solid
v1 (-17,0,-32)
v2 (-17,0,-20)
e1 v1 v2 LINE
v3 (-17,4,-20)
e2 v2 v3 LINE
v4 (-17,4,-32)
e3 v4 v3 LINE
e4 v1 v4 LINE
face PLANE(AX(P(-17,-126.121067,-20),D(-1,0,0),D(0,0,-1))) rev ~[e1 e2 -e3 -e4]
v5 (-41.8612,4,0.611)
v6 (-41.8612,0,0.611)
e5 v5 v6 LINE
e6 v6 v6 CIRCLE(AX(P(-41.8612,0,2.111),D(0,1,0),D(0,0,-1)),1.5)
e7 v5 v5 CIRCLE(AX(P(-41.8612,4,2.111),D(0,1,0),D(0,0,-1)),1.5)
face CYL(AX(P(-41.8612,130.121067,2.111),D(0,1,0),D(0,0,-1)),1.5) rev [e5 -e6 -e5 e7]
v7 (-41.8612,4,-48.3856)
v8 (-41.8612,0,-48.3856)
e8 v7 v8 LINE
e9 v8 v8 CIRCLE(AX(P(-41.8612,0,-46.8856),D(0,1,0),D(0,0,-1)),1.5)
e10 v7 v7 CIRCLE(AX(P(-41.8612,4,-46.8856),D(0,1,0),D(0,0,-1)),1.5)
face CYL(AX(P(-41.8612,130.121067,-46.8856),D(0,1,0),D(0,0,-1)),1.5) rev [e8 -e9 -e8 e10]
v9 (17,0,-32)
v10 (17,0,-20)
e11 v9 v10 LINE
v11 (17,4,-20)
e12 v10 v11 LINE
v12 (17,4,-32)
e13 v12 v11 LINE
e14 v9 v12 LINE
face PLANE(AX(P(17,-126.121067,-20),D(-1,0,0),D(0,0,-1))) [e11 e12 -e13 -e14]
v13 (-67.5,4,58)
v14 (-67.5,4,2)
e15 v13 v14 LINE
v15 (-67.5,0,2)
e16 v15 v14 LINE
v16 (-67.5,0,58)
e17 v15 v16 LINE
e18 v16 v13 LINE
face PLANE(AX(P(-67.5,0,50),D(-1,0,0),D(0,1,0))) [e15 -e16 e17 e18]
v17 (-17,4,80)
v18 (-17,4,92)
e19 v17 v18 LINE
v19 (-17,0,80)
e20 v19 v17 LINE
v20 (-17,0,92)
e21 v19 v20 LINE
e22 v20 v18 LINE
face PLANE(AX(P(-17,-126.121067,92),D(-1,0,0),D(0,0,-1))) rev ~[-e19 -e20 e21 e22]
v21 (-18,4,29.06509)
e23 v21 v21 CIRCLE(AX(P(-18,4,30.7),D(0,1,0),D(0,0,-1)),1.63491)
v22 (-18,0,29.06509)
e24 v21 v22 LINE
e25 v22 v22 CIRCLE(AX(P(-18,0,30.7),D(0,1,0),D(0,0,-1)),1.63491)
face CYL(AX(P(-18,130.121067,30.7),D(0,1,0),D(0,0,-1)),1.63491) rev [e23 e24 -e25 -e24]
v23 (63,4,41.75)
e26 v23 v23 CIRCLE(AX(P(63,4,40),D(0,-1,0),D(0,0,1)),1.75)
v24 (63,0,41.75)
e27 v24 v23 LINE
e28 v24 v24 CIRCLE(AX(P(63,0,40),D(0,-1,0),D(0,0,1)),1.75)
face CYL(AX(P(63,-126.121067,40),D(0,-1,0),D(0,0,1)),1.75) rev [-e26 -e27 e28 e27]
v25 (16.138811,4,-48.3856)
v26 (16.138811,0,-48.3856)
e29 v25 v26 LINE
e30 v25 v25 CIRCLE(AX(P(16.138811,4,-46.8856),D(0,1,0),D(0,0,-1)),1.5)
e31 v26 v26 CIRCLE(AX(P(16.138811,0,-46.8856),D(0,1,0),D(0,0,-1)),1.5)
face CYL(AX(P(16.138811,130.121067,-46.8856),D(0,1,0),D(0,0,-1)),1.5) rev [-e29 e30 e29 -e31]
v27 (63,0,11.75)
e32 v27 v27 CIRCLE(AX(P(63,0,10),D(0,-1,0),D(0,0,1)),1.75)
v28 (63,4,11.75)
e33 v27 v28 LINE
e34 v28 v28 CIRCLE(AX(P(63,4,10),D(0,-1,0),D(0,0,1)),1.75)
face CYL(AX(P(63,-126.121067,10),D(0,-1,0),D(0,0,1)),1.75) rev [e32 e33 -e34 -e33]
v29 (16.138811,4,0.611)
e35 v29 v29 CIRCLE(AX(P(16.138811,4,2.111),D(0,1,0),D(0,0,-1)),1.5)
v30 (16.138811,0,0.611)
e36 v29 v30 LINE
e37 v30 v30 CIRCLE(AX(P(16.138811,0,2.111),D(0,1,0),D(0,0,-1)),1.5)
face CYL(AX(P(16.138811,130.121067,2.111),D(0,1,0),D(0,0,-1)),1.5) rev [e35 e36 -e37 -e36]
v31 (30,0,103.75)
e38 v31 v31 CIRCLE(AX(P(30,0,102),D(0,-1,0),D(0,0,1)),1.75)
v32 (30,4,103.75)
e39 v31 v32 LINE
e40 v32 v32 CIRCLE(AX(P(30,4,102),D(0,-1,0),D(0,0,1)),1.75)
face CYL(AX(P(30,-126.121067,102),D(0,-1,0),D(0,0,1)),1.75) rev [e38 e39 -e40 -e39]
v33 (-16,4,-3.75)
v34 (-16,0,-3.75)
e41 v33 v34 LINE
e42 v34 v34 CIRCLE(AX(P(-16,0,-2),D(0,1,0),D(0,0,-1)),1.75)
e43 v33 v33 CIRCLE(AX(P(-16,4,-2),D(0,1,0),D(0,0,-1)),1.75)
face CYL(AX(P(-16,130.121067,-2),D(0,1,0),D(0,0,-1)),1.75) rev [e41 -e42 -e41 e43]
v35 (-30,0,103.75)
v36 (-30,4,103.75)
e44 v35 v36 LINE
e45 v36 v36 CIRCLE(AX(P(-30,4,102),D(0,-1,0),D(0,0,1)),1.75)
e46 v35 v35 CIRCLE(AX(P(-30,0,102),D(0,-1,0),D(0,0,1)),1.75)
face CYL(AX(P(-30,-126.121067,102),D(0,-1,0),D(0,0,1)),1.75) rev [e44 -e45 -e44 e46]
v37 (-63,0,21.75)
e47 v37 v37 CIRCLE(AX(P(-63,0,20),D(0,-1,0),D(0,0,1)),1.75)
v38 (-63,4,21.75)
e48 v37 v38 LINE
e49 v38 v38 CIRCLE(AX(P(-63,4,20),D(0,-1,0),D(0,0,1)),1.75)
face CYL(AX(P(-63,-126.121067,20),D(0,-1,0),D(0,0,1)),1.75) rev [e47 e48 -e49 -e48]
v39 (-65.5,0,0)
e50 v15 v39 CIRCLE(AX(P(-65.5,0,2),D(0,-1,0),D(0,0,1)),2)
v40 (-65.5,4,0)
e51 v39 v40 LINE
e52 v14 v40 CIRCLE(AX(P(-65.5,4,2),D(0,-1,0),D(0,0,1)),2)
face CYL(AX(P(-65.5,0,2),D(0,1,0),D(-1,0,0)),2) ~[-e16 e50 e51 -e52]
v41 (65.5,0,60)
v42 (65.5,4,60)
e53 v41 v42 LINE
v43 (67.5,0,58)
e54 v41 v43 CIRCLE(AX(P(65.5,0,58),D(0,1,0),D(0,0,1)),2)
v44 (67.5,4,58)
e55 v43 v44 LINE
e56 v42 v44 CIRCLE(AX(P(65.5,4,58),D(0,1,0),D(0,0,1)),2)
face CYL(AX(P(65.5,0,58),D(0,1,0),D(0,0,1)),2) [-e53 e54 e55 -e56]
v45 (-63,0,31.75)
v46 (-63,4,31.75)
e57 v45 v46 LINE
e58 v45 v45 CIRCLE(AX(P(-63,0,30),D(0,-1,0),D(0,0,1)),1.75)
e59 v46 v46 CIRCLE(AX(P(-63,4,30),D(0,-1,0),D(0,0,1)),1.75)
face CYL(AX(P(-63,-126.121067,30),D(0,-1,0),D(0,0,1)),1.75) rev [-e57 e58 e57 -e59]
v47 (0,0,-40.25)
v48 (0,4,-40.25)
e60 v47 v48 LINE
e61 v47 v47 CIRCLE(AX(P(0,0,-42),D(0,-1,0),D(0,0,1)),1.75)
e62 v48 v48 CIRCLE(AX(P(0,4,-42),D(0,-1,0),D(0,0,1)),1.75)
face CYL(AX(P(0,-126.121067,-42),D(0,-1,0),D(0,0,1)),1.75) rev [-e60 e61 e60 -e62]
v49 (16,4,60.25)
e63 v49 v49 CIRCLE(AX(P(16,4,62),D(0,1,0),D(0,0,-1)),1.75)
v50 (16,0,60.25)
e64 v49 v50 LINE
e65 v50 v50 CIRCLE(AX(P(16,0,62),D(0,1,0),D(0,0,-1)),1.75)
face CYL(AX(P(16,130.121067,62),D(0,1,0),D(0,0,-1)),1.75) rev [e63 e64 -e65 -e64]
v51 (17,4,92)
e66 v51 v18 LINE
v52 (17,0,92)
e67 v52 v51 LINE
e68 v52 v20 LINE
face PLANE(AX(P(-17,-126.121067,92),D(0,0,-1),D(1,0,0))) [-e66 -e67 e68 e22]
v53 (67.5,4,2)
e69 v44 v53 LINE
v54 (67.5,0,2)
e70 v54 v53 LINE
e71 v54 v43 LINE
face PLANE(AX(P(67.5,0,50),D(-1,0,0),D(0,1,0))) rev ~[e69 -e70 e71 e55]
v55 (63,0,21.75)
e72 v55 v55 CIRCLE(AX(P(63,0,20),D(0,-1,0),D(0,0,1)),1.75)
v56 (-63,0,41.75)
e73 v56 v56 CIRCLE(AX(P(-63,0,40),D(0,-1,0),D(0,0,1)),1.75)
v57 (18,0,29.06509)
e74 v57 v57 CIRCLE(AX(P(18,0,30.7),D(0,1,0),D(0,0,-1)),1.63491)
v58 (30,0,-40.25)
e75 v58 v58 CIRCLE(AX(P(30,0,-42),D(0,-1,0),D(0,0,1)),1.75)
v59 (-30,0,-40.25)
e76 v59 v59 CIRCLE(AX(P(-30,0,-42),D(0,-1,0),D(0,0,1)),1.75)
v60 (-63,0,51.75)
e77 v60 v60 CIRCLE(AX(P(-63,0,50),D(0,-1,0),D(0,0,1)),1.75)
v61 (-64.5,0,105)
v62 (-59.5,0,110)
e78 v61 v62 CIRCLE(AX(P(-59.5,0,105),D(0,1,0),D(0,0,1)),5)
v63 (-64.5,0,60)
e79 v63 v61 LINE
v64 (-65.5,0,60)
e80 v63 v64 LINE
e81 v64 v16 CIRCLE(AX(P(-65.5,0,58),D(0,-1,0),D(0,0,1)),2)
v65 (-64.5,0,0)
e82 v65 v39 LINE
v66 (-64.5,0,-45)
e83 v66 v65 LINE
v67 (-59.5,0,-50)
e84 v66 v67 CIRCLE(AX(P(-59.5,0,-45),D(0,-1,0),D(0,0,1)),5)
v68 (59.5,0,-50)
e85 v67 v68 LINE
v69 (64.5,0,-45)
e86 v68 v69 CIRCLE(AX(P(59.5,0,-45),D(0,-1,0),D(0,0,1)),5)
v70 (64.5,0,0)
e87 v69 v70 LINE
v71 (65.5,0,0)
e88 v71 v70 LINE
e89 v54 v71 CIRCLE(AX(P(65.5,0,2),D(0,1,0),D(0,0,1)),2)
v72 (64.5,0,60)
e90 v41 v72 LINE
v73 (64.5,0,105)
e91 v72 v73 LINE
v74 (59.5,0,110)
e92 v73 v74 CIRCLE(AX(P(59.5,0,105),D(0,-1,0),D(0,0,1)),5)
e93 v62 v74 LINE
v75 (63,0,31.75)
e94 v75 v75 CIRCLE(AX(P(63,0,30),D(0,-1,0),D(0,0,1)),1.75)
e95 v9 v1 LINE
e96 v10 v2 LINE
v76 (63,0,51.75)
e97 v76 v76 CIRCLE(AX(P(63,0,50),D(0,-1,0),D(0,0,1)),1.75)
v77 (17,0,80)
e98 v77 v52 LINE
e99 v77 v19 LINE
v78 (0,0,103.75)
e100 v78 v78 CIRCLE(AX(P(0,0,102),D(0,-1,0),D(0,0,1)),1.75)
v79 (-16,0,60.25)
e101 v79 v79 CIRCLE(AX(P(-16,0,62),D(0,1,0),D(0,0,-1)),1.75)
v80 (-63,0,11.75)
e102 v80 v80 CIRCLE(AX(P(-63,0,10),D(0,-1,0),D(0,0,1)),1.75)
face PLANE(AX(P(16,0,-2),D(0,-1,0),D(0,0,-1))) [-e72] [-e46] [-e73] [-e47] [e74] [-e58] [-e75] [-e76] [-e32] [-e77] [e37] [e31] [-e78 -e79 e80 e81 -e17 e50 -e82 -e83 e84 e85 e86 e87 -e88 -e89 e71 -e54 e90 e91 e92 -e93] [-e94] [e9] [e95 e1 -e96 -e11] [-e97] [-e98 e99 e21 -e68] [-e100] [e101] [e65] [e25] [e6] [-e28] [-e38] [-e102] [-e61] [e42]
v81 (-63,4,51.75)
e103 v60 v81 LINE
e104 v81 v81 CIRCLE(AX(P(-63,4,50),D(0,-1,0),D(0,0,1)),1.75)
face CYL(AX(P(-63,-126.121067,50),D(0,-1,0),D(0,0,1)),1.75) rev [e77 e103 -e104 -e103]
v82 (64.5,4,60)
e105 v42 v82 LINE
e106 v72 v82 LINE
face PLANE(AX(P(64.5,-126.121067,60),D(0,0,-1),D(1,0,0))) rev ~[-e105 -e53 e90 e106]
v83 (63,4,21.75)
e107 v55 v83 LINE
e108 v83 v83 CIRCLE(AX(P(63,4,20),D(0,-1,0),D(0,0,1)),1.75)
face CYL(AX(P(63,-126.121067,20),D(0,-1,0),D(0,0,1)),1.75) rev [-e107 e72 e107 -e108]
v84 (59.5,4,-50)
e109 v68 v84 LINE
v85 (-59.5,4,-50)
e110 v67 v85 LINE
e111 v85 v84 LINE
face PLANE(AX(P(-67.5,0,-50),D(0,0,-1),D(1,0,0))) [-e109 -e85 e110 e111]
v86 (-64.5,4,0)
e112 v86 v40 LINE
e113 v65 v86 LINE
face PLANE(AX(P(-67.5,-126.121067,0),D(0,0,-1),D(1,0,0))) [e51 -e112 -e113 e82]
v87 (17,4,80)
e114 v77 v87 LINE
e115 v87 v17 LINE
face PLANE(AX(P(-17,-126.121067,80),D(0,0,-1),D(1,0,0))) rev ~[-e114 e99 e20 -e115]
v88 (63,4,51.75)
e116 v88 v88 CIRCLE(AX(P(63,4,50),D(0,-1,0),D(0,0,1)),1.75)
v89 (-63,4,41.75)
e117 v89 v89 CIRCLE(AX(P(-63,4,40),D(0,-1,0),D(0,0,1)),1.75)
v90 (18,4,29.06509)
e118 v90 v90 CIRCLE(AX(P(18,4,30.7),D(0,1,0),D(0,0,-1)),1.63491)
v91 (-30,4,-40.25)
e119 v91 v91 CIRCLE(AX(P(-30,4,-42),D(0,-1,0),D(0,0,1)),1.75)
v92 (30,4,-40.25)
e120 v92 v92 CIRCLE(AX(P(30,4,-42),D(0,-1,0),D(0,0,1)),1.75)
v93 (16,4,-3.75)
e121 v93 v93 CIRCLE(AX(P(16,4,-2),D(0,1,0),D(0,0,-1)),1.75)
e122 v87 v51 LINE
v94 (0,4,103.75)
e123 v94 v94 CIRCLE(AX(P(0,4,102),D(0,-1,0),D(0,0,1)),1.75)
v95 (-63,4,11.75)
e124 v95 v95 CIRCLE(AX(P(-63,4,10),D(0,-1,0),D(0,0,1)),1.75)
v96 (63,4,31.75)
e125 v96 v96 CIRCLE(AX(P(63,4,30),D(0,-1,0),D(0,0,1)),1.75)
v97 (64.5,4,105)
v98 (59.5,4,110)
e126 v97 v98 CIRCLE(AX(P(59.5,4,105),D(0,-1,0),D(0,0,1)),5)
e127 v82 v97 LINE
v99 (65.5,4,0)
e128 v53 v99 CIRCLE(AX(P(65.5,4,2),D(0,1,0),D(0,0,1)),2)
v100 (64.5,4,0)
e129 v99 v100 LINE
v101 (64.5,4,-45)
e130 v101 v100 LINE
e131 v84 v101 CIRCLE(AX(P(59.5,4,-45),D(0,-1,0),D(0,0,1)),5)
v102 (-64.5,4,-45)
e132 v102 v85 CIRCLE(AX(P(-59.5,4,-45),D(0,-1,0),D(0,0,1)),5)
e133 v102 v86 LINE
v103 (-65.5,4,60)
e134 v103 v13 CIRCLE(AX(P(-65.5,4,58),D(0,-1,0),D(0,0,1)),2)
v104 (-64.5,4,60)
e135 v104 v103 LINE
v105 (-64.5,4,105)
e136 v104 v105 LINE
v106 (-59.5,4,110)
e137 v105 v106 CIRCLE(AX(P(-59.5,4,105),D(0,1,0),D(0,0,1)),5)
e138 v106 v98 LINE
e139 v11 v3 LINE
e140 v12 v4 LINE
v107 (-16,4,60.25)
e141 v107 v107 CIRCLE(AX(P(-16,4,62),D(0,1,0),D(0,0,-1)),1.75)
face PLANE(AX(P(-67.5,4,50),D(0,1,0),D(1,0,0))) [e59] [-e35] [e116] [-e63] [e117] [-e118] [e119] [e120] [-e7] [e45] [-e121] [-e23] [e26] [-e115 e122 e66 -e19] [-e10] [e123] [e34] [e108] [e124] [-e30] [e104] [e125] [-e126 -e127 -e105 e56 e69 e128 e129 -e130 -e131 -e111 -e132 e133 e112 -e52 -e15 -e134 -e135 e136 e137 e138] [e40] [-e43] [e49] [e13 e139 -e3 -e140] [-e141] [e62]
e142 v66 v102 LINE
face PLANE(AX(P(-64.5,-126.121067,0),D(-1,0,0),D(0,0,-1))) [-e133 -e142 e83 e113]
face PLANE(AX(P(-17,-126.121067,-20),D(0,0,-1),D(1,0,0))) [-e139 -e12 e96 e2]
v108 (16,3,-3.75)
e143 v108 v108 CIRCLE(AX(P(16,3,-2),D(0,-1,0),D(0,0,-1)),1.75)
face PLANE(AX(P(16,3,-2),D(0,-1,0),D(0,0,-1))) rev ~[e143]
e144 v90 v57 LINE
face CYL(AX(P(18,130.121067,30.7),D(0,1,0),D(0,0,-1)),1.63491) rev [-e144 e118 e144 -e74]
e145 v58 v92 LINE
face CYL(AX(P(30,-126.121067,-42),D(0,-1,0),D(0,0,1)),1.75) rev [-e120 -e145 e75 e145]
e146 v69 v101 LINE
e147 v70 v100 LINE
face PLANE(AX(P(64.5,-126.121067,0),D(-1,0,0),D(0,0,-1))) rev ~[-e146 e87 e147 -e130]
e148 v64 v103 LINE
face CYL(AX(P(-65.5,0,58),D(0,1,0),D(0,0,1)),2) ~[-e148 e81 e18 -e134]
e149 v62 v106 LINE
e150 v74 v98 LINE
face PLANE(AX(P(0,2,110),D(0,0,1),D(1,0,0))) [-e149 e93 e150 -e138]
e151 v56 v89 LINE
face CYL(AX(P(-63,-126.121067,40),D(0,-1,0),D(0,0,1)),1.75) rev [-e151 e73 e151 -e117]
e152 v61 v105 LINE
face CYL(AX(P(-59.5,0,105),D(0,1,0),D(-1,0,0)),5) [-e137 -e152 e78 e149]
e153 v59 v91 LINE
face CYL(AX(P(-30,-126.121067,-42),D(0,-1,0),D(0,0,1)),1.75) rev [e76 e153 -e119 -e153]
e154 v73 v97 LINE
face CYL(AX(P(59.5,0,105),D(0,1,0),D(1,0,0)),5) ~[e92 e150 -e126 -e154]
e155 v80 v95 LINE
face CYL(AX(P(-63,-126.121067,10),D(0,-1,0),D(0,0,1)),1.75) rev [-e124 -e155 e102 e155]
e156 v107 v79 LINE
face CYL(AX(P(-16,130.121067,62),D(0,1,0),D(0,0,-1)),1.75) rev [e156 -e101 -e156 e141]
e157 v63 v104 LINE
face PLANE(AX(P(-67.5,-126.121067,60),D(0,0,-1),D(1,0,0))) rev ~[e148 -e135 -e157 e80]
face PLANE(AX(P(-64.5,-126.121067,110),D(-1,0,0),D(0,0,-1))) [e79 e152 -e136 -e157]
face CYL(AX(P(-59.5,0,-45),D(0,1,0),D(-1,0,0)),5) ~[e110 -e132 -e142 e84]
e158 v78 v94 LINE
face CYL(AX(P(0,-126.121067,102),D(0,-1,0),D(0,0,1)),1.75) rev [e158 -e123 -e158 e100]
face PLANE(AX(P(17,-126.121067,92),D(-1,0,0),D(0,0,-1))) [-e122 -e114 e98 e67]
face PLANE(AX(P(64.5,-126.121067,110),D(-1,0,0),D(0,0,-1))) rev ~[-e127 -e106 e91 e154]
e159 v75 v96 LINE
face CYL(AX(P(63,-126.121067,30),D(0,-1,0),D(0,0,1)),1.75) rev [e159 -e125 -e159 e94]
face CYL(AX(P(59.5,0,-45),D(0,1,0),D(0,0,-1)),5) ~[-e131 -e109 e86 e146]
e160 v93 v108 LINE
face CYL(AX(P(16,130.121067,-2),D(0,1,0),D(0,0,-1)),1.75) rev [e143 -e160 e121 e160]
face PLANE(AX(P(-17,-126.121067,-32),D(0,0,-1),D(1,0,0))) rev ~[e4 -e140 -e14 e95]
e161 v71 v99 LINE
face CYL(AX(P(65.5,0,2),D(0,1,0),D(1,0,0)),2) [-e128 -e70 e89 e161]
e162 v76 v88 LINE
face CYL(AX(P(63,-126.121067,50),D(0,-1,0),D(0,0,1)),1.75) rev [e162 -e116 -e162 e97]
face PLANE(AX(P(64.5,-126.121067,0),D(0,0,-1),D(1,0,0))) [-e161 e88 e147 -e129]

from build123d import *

# Parameters (mm, degrees)
SKETCH_1_W               = 135
SKETCH_1_H               = 100
EXTRUDE_1_DEPTH          = 4
SKETCH_2_W               = 135
SKETCH_2_H               = 4
EXTRUDE_2_DEPTH          = 60
CUT_EXTRUDE_1_DEPTH      = 130.12106722
CUT_EXTRUDE_1_DEPTH_BACK = 130.12106722
SKETCH_3_W               = 3
SKETCH_3_H               = 50
FILLET_1_R               = 5
FILLET_2_R               = 2
CUT_EXTRUDE_2_DEPTH      = 130.12106722
CUT_EXTRUDE_2_DEPTH_BACK = 130.12106722
SKETCH_4_R               = 1.75
CUT_EXTRUDE_3_DEPTH      = 130.12106722
CUT_EXTRUDE_3_DEPTH_BACK = 130.12106722
SKETCH_5_W               = 34
SKETCH_5_H               = 12
CUT_EXTRUDE_4_DEPTH      = 130.12106722
CUT_EXTRUDE_4_DEPTH_BACK = 130.12106722
SKETCH_6_R               = 1.75
CUT_EXTRUDE_5_DEPTH      = 130.12106722
CUT_EXTRUDE_5_DEPTH_BACK = 130.12106722
SKETCH_7_R               = 1.63491013
CUT_EXTRUDE_6_DEPTH      = 130.12106722
CUT_EXTRUDE_6_DEPTH_BACK = 130.12106722
SKETCH_8_R               = 1.5
SKETCH_9_R               = 1.75
EXTRUDE_3_DEPTH          = 3
CUT_EXTRUDE_7_DEPTH      = 130.12106722
CUT_EXTRUDE_7_DEPTH_BACK = 130.12106722
SKETCH_10_R              = 1.75


with BuildPart() as part:
    # 草图1 → 凸台-拉伸1 (new body)
    with BuildSketch(Plane(origin=(0, 0, 0), x_dir=(1, 0, 0), z_dir=(0, 1, 0))):
        Rectangle(SKETCH_1_W, SKETCH_1_H)
    extrude(amount=EXTRUDE_1_DEPTH)

    # 草图2 → 凸台-拉伸2 (add)
    with BuildSketch(Plane.XY.offset(50)):
        with Locations((0, 2)):
            Rectangle(SKETCH_2_W, SKETCH_2_H)
    extrude(amount=EXTRUDE_2_DEPTH)

    # 草图3 → 切除-拉伸1 (cut, two sides: drawn at the far end of the back side and taken through both)
    with BuildSketch(Plane(origin=(0, 4, 0), x_dir=(1, 0, 0), z_dir=(0, 1, 0)).offset(-CUT_EXTRUDE_1_DEPTH_BACK)):
        with Locations((-66, 25)):
            Rectangle(SKETCH_3_W, SKETCH_3_H)
        with Locations((66, 25)):
            Rectangle(SKETCH_3_W, SKETCH_3_H)
        with Locations((-66, -85)):
            Rectangle(SKETCH_3_W, SKETCH_3_H)
        with Locations((66, -85)):
            Rectangle(SKETCH_3_W, SKETCH_3_H)
    extrude(amount=CUT_EXTRUDE_1_DEPTH + CUT_EXTRUDE_1_DEPTH_BACK, mode=Mode.SUBTRACT)

    # 圆角1
    fillet_1_edges = [part.edges().sort_by_distance(p)[0] for p in [
        (64.5, 2, -50),
        (-64.5, 2, 110),
        (64.5, 2, 110),
        (-64.5, 2, -50),
    ]]
    fillet(fillet_1_edges, radius=FILLET_1_R)

    # 圆角2
    fillet_2_edges = [part.edges().sort_by_distance(p)[0] for p in [
        (67.5, 2, 0),
        (-67.5, 2, 60),
        (67.5, 2, 60),
        (-67.5, 2, 0),
    ]]
    fillet(fillet_2_edges, radius=FILLET_2_R)

    # 草图4 → 切除-拉伸2 (cut, two sides: drawn at the far end of the back side and taken through both)
    with BuildSketch(Plane(origin=(0, 4, 0), x_dir=(1, 0, 0), z_dir=(0, 1, 0)).offset(-CUT_EXTRUDE_2_DEPTH_BACK)):
        with Locations(Location((-30, -102, 0), (0, 0, 270))):
            Circle(SKETCH_4_R)
        with Locations(Location((0, -102, 0), (0, 0, 270))):
            Circle(SKETCH_4_R)
        with Locations(Location((30, -102, 0), (0, 0, 270))):
            Circle(SKETCH_4_R)
        with Locations(Location((-30, 42, 0), (0, 0, 270))):
            Circle(SKETCH_4_R)
        with Locations(Location((0, 42, 0), (0, 0, 270))):
            Circle(SKETCH_4_R)
        with Locations(Location((30, 42, 0), (0, 0, 270))):
            Circle(SKETCH_4_R)
    extrude(amount=CUT_EXTRUDE_2_DEPTH + CUT_EXTRUDE_2_DEPTH_BACK, mode=Mode.SUBTRACT)

    # 草图5 → 切除-拉伸3 (cut, two sides: drawn at the far end of the back side and taken through both)
    with BuildSketch(Plane(origin=(0, 4, 0), x_dir=(1, 0, 0), z_dir=(0, 1, 0)).offset(-CUT_EXTRUDE_3_DEPTH_BACK)):
        with Locations((0, -86)):
            Rectangle(SKETCH_5_W, SKETCH_5_H)
        with Locations((0, 26)):
            Rectangle(SKETCH_5_W, SKETCH_5_H)
    extrude(amount=CUT_EXTRUDE_3_DEPTH + CUT_EXTRUDE_3_DEPTH_BACK, mode=Mode.SUBTRACT)

    # 草图6 → 切除-拉伸4 (cut, two sides: drawn at the far end of the back side and taken through both)
    with BuildSketch(Plane.XZ.offset(-CUT_EXTRUDE_4_DEPTH_BACK)):
        with Locations(Location((-16, -2, 0), (0, 0, 270))):
            Circle(SKETCH_6_R)
        with Locations(Location((16, -2, 0), (0, 0, 270))):
            Circle(SKETCH_6_R)
        with Locations(Location((16, 62, 0), (0, 0, 270))):
            Circle(SKETCH_6_R)
        with Locations(Location((-16, 62, 0), (0, 0, 270))):
            Circle(SKETCH_6_R)
    extrude(amount=CUT_EXTRUDE_4_DEPTH + CUT_EXTRUDE_4_DEPTH_BACK, mode=Mode.SUBTRACT)

    # 草图7 → 切除-拉伸5 (cut, two sides: drawn at the far end of the back side and taken through both)
    with BuildSketch(Plane.XZ.offset(-CUT_EXTRUDE_5_DEPTH_BACK)):
        with Locations(Location((18, 30.7, 0), (0, 0, 270))):
            Circle(SKETCH_7_R)
        with Locations(Location((-18, 30.7, 0), (0, 0, 270))):
            Circle(SKETCH_7_R)
    extrude(amount=CUT_EXTRUDE_5_DEPTH + CUT_EXTRUDE_5_DEPTH_BACK, mode=Mode.SUBTRACT)

    # 草图8 → 切除-拉伸6 (cut, two sides: drawn at the far end of the back side and taken through both)
    with BuildSketch(Plane.XZ.offset(-CUT_EXTRUDE_6_DEPTH_BACK)):
        with Locations(Location((-41.861200423, 2.110999836, 0), (0, 0, 270))):
            Circle(SKETCH_8_R)
        with Locations(Location((-41.861200325, -46.885600164, 0), (0, 0, 270))):
            Circle(SKETCH_8_R)
        with Locations(Location((16.138810577, 2.110999952, 0), (0, 0, 270))):
            Circle(SKETCH_8_R)
        with Locations(Location((16.138810675, -46.885600048, 0), (0, 0, 270))):
            Circle(SKETCH_8_R)
    extrude(amount=CUT_EXTRUDE_6_DEPTH + CUT_EXTRUDE_6_DEPTH_BACK, mode=Mode.SUBTRACT)

    # 草图9 → 凸台-拉伸3 (add)
    with BuildSketch(Plane.XZ):
        with Locations(Location((16, -2, 0), (0, 0, 270))):
            Circle(SKETCH_9_R)
    extrude(amount=-EXTRUDE_3_DEPTH)

    # 草图10 → 切除-拉伸7 (cut, two sides: drawn at the far end of the back side and taken through both)
    with BuildSketch(Plane(origin=(0, 4, 0), x_dir=(1, 0, 0), z_dir=(0, 1, 0)).offset(-CUT_EXTRUDE_7_DEPTH_BACK)):
        with Locations(Location((63, -10, 0), (0, 0, 270))):
            Circle(SKETCH_10_R)
        with Locations(Location((63, -20, 0), (0, 0, 270))):
            Circle(SKETCH_10_R)
        with Locations(Location((63, -30, 0), (0, 0, 270))):
            Circle(SKETCH_10_R)
        with Locations(Location((63, -40, 0), (0, 0, 270))):
            Circle(SKETCH_10_R)
        with Locations(Location((63, -50, 0), (0, 0, 270))):
            Circle(SKETCH_10_R)
        with Locations(Location((-63, -10, 0), (0, 0, 270))):
            Circle(SKETCH_10_R)
        with Locations(Location((-63, -20, 0), (0, 0, 270))):
            Circle(SKETCH_10_R)
        with Locations(Location((-63, -30, 0), (0, 0, 270))):
            Circle(SKETCH_10_R)
        with Locations(Location((-63, -40, 0), (0, 0, 270))):
            Circle(SKETCH_10_R)
        with Locations(Location((-63, -50, 0), (0, 0, 270))):
            Circle(SKETCH_10_R)
    extrude(amount=CUT_EXTRUDE_7_DEPTH + CUT_EXTRUDE_7_DEPTH_BACK, mode=Mode.SUBTRACT)


solid = part.part
